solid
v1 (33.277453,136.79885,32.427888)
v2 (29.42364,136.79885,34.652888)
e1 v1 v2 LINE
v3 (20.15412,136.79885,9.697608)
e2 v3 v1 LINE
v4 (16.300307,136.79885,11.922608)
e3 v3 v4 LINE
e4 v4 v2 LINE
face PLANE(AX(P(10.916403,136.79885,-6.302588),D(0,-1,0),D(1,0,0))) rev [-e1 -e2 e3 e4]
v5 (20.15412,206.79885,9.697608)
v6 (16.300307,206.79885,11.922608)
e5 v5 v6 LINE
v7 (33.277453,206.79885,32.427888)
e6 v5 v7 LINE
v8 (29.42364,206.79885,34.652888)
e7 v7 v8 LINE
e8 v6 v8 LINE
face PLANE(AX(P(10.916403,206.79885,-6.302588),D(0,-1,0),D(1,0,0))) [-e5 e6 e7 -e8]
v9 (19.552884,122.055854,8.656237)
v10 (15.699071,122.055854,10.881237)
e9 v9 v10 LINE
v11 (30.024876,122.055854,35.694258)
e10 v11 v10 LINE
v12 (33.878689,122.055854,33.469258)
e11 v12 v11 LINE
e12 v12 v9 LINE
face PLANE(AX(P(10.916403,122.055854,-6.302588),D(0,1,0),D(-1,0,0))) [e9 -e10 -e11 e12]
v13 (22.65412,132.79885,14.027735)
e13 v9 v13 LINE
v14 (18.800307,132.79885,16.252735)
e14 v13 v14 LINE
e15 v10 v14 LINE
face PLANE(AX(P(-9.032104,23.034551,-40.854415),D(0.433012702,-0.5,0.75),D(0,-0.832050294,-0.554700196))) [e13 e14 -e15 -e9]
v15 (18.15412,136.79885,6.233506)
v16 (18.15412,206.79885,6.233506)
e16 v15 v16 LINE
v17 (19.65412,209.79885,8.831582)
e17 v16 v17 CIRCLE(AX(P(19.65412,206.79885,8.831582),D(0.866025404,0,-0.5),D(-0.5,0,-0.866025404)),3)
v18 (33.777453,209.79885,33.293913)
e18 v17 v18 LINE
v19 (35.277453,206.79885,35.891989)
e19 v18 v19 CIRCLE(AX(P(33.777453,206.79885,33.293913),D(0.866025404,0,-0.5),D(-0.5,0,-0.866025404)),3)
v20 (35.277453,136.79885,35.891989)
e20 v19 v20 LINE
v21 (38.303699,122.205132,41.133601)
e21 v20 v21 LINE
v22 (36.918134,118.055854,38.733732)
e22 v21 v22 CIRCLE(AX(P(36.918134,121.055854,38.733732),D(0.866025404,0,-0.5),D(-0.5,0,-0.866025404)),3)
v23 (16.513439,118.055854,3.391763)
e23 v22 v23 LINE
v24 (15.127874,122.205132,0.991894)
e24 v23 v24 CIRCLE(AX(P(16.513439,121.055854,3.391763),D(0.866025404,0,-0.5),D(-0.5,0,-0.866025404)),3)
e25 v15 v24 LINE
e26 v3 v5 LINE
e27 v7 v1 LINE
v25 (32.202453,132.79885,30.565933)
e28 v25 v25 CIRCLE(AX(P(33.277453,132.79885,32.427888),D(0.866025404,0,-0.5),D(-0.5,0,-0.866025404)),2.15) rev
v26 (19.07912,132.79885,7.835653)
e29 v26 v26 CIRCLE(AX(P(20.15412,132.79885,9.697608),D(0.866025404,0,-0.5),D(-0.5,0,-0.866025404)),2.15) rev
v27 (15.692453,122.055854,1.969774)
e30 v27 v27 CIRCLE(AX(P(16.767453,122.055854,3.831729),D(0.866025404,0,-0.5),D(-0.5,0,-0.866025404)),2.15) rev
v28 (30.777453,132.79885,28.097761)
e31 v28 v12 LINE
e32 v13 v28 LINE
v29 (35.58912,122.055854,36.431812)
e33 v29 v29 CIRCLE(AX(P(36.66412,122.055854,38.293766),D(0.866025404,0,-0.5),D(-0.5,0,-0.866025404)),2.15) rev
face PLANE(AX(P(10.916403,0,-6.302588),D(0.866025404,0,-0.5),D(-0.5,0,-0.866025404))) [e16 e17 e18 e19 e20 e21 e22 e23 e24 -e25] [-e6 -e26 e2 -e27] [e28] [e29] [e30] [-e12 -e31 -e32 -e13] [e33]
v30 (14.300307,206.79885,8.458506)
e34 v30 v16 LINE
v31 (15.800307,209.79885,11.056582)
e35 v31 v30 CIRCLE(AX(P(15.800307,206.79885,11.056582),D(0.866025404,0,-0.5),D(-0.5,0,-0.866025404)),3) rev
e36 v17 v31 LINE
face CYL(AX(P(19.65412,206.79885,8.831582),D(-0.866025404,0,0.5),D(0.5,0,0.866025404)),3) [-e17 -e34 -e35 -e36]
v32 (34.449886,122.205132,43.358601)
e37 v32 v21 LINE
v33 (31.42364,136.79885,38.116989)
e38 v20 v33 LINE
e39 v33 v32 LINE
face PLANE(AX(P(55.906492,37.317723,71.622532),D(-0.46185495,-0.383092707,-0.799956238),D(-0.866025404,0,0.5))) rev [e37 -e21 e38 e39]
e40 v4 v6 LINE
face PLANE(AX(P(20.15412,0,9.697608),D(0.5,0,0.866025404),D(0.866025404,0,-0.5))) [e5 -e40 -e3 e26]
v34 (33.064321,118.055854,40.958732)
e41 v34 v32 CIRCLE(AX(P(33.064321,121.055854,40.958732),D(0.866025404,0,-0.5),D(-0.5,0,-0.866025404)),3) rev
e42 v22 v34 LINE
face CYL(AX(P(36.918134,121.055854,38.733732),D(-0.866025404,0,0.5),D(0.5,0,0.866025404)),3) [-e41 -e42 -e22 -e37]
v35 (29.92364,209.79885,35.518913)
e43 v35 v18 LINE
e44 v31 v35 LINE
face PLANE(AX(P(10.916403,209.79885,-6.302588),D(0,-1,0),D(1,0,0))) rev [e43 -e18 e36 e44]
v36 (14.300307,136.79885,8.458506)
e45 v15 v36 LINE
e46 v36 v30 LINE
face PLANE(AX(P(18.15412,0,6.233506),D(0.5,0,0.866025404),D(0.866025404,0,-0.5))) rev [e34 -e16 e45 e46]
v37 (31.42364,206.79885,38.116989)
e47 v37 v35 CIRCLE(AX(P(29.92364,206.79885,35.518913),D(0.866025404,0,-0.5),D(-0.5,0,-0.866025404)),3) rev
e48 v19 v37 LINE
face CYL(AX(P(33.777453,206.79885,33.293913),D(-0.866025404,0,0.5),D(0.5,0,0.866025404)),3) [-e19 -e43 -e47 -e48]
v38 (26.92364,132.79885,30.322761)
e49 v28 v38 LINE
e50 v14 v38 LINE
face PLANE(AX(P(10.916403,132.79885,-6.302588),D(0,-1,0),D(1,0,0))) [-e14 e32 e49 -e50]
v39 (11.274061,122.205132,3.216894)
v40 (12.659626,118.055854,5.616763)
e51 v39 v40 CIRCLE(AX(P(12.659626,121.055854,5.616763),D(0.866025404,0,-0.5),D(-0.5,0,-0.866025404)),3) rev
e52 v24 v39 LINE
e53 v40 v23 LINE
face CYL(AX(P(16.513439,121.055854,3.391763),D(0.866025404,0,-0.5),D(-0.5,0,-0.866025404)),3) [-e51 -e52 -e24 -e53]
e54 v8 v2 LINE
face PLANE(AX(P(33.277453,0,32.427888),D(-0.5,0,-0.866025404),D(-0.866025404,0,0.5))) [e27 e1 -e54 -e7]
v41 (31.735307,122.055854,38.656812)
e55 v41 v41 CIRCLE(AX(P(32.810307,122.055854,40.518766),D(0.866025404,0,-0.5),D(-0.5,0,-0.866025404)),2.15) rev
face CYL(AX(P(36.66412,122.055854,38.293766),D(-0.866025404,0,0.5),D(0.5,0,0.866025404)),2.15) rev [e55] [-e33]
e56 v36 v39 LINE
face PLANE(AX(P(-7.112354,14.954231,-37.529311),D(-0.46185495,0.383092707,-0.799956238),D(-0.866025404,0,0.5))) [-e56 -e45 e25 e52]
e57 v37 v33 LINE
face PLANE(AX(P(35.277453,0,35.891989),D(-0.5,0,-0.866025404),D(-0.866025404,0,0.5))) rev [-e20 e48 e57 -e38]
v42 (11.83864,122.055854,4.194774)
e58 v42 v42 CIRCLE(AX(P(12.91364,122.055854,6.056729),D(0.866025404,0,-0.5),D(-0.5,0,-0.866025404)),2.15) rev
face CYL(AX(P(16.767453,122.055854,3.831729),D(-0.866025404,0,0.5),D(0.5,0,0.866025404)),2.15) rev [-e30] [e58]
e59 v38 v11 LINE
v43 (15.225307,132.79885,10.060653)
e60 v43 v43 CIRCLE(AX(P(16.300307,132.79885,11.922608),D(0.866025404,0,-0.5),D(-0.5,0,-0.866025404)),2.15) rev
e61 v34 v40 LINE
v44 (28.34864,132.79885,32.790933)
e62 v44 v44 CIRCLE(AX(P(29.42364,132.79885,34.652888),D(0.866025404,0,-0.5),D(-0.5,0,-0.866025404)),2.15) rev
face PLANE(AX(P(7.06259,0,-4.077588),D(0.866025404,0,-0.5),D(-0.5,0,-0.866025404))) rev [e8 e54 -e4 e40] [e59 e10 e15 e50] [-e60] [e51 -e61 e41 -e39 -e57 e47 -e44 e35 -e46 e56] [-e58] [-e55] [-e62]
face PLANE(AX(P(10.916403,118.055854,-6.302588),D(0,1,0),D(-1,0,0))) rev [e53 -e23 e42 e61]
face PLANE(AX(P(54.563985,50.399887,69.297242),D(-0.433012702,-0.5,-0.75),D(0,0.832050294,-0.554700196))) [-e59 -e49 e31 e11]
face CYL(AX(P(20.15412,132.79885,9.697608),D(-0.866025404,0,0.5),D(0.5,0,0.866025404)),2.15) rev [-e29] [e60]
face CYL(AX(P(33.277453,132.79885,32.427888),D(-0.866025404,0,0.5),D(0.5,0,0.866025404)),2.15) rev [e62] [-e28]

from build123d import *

# Parameters (mm, degrees)
SKETCH1_W           = 26.246666667
SKETCH1_H           = 70
SKETCH1_R           = 2.15
BOSS_EXTRUDE1_DEPTH = 4.45
FILLET1_R           = 3


with BuildPart() as part:
    # Sketch1 → Boss-Extrude1 (new body)
    with BuildSketch(Plane(origin=(7.062589735, 0, -4.077588085), x_dir=(0.5, 0, 0.866025404), z_dir=(-0.866025404, 0, 0.5))):
        Polygon((14.47543448, 209.798849573), (14.47543448, 136.798849573), (6.702101147, 118.055853922), (56.49543448, 118.055853922), (48.722101147, 136.798849573), (48.722101147, 209.798849573), align=None)
        with Locations((31.598767814, 171.798849573)):
            Rectangle(SKETCH1_W, SKETCH1_H, mode=Mode.SUBTRACT)
        with Locations((51.49543448, 122.055853922)):
            Circle(SKETCH1_R, mode=Mode.SUBTRACT)
        with Locations((44.722101147, 132.798849573)):
            Circle(SKETCH1_R, mode=Mode.SUBTRACT)
        with Locations((11.702101147, 122.055853922)):
            Circle(SKETCH1_R, mode=Mode.SUBTRACT)
        with Locations((18.47543448, 132.798849573)):
            Circle(SKETCH1_R, mode=Mode.SUBTRACT)
        Polygon((45.924572578, 122.055853922), (17.27296305, 122.055853922), (23.47543448, 132.798849573), (39.722101147, 132.798849573), align=None, mode=Mode.SUBTRACT)
    extrude(amount=-BOSS_EXTRUDE1_DEPTH)

    # Fillet1
    fillet1_edges = [part.edges().sort_by_distance(p)[0] for p in [
        (12.340546832, 118.055853922, 0.614101768),
        (37.237213499, 118.055853922, 43.736393373),
        (33.350546832, 209.798849573, 37.004489235),
        (16.227213499, 209.798849573, 7.346005906),
    ]]
    fillet(fillet1_edges, radius=FILLET1_R)


solid = part.part
